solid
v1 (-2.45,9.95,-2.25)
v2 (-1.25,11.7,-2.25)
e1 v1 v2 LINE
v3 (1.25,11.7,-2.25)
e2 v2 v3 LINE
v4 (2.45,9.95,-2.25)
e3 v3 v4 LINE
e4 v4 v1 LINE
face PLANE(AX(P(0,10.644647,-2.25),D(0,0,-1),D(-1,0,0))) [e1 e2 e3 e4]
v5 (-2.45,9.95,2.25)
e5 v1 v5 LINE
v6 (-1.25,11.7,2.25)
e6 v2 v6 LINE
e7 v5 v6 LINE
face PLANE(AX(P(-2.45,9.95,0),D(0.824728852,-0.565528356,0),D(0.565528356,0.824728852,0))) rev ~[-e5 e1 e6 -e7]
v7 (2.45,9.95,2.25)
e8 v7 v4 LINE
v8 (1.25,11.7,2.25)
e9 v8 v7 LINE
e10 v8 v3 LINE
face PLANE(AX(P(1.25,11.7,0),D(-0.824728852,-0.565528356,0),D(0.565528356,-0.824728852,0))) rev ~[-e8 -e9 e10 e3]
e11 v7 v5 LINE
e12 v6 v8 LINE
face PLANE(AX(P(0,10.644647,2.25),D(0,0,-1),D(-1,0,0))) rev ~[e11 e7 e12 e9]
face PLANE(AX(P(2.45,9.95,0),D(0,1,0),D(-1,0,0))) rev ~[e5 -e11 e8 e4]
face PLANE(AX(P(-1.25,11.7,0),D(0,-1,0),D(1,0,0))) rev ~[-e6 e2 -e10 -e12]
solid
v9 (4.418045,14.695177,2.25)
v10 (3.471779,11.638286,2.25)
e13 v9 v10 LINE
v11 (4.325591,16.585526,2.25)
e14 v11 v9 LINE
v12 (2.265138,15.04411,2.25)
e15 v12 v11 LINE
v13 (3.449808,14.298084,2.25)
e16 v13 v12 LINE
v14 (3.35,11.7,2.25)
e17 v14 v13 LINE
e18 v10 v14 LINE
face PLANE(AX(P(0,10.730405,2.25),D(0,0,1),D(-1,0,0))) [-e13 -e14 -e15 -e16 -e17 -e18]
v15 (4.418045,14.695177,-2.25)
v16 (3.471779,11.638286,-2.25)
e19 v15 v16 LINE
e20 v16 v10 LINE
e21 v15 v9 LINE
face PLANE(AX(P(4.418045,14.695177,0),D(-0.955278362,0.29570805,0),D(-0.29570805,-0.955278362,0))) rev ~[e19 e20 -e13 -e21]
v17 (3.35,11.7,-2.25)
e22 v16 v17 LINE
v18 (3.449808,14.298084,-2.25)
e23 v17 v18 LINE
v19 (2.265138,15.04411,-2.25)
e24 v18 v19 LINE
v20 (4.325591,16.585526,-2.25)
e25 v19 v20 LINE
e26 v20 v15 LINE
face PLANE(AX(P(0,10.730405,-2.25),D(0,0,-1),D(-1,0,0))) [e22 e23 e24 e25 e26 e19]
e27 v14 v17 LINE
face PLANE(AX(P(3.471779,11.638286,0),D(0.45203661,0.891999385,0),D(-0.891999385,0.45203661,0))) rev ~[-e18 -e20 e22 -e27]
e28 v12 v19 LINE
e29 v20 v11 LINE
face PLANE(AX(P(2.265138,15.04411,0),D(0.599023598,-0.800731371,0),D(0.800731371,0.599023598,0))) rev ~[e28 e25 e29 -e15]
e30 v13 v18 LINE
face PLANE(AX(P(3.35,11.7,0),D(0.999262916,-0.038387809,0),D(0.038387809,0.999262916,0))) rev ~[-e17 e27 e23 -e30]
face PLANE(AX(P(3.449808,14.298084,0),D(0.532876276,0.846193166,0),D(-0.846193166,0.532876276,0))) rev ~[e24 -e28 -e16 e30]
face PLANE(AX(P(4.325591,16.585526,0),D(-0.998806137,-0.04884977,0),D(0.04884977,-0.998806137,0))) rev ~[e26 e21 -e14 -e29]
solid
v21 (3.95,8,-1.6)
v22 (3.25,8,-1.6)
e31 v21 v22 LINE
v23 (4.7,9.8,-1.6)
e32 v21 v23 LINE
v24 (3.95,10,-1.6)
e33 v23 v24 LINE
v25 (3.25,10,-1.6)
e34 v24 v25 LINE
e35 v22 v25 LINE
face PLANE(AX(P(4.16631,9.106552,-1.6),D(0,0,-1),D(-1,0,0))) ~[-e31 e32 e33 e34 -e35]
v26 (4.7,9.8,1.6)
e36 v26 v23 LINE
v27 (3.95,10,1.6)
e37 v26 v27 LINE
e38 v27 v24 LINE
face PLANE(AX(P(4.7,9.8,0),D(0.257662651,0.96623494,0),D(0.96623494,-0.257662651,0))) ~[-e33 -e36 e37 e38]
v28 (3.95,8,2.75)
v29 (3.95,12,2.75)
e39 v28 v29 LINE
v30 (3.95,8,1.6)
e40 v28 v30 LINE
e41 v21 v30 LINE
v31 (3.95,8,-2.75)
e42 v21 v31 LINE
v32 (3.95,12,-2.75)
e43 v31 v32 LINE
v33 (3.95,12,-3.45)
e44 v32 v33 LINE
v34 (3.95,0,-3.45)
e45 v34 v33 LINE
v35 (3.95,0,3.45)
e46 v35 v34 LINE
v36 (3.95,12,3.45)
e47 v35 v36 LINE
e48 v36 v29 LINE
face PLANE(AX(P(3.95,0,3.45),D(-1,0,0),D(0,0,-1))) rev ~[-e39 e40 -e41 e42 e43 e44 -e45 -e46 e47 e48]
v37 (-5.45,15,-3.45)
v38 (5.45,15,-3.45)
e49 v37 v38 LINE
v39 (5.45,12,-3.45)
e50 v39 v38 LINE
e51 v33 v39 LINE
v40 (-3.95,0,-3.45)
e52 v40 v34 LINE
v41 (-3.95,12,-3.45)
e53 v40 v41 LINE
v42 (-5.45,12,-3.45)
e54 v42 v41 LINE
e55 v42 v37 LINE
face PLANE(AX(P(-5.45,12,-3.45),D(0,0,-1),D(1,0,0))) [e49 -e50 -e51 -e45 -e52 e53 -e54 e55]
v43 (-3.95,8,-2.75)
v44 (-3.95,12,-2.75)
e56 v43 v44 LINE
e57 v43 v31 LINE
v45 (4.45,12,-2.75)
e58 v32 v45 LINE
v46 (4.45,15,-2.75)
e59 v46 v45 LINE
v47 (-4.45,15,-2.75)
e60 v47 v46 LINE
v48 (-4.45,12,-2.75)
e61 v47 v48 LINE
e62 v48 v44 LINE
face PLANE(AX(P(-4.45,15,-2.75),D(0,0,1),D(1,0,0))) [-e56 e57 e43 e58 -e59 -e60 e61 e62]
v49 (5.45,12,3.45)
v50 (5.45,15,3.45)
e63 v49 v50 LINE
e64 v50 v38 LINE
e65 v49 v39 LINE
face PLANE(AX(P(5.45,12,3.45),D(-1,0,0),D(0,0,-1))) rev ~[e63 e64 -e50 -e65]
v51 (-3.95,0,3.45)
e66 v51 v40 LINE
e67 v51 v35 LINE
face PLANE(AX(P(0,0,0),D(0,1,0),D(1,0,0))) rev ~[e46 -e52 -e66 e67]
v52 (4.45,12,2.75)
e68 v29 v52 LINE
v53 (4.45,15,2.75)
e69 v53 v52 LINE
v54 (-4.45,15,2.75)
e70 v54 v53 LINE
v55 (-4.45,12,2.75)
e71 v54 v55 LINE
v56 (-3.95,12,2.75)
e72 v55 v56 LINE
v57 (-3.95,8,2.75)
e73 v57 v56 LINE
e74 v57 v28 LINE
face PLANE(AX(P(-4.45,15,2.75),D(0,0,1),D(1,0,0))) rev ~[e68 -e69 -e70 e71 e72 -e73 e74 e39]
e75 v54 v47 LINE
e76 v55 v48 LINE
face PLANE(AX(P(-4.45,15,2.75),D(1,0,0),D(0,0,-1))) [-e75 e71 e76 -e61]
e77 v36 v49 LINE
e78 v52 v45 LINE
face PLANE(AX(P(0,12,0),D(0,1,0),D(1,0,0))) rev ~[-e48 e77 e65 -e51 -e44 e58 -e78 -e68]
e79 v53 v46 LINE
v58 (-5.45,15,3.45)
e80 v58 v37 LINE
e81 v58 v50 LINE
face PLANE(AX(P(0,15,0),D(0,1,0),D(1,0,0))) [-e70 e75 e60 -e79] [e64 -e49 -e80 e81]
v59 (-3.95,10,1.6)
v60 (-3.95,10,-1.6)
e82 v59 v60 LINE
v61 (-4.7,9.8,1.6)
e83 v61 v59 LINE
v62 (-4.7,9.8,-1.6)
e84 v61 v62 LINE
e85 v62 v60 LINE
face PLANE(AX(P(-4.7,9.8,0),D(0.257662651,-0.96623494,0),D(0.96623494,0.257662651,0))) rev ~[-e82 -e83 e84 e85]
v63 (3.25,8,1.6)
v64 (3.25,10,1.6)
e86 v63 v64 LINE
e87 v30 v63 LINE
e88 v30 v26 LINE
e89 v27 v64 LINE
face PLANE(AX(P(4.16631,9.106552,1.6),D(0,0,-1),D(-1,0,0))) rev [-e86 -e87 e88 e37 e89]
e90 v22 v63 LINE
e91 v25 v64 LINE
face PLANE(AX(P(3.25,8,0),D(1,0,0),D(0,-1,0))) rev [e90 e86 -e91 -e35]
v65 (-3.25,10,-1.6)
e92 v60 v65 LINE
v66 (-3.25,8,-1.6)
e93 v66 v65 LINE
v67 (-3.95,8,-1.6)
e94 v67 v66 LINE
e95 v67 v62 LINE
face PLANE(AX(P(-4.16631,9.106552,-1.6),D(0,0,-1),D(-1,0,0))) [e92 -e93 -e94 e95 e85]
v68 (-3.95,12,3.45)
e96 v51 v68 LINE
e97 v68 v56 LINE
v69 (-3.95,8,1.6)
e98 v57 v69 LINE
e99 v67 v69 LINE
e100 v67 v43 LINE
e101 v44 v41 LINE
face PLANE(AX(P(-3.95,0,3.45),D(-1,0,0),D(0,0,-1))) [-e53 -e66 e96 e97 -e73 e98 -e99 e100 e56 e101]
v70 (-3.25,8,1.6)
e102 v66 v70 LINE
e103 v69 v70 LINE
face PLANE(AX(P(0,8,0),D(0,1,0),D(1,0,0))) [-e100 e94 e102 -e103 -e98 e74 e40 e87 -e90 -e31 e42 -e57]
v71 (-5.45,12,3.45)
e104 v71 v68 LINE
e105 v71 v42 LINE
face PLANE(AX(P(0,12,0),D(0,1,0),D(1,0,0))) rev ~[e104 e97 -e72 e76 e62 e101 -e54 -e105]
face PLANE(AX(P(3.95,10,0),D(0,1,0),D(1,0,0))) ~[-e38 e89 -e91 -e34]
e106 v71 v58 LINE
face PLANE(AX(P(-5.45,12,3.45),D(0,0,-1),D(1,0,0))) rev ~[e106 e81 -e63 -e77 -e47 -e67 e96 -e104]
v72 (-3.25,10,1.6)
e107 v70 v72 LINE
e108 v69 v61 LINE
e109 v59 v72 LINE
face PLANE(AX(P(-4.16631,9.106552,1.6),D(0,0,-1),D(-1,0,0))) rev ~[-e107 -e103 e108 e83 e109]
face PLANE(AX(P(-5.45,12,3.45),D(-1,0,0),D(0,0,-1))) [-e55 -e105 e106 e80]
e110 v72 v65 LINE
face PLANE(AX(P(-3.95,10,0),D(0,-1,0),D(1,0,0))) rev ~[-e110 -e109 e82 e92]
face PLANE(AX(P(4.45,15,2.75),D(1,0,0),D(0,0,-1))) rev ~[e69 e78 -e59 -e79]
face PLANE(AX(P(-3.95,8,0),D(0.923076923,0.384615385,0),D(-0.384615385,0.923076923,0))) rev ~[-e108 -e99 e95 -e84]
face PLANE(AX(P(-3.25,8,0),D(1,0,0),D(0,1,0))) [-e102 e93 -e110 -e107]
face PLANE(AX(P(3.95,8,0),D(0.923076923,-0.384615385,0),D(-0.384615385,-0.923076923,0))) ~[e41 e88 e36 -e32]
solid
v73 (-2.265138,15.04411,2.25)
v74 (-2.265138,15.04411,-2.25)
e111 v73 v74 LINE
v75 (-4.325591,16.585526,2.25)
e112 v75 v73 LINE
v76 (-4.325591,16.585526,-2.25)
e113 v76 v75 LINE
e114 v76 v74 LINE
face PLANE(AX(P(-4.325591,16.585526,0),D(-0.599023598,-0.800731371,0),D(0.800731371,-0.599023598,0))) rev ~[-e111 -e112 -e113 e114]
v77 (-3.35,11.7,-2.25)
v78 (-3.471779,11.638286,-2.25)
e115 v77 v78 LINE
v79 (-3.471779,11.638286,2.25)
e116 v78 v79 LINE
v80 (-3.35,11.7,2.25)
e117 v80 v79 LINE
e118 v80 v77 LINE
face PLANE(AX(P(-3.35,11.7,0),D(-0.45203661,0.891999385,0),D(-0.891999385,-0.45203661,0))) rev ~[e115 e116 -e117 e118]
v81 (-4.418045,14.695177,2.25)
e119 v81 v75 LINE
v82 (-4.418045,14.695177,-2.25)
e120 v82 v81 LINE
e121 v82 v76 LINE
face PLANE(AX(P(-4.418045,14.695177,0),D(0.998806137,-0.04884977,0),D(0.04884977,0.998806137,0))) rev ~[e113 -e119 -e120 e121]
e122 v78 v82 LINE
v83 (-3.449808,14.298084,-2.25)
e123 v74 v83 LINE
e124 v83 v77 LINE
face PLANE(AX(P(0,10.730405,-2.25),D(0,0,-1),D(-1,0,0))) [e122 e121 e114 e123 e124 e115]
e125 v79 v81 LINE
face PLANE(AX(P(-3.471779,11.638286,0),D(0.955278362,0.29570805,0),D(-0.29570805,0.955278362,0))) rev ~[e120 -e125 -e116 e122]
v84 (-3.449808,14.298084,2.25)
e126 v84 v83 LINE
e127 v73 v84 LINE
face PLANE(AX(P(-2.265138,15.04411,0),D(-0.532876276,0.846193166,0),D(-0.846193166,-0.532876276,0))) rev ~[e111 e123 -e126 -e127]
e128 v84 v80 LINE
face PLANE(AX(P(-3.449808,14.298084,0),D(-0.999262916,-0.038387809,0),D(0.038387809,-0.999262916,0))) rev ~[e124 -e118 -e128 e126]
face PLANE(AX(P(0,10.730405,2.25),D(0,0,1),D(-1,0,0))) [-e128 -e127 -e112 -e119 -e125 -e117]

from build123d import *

# Parameters (mm, degrees)
SKETCH1_W                       = 7.9
SKETCH1_H                       = 6.9
BOSS_EXTRUDE1_DEPTH             = 12
SKETCH2_W                       = 10.9
SKETCH2_H                       = 6.9
BOSS_EXTRUDE2_DEPTH             = 3
SKETCH3_W                       = 8.9
SKETCH3_H                       = 5.5
CUT_EXTRUDE1_DEPTH              = 7
SKETCH4_W                       = 0.7
SKETCH4_H                       = 2
BOSS_EXTRUDE3_DEPTH             = 1.6
BOSS_EXTRUDE3_DEPTH_BACK        = 1.6
BOSS_EXTRUDE4_DEPTH             = 2.25
BOSS_EXTRUDE4_DEPTH_BACK        = 2.25
BOSS_EXTRUDE5_REACH             = 18.328
BOSS_EXTRUDE5_DIRECTION_2_REACH = 18.328


with BuildPart() as part:
    # Sketch1 → Boss-Extrude1 (new body)
    with BuildSketch(Plane(origin=(0, 0, 0), x_dir=(1, 0, 0), z_dir=(0, 1, 0))):
        Rectangle(SKETCH1_W, SKETCH1_H)
    extrude(amount=BOSS_EXTRUDE1_DEPTH)

    # Sketch2 → Boss-Extrude2 (add)
    with BuildSketch(Plane(origin=(0, 12, 0), x_dir=(1, 0, 0), z_dir=(0, 1, 0))):
        Rectangle(SKETCH2_W, SKETCH2_H)
    extrude(amount=BOSS_EXTRUDE2_DEPTH)

    # Sketch3 → Cut-Extrude1 (cut)
    with BuildSketch(Plane(origin=(0, 15, 0), x_dir=(1, 0, 0), z_dir=(0, 1, 0))):
        Rectangle(SKETCH3_W, SKETCH3_H)
    extrude(amount=-CUT_EXTRUDE1_DEPTH, mode=Mode.SUBTRACT)

    # Sketch4 → Boss-Extrude3 (add, two sides)
    with BuildSketch(Plane.XY) as boss_extrude3_sk:
        Polygon((-3.95, 10), (-3.95, 8), (-4.7, 9.8), align=None)
        with Locations((-3.6, 9)):
            Rectangle(SKETCH4_W, SKETCH4_H)
    boss_extrude3 = extrude(amount=BOSS_EXTRUDE3_DEPTH)
    boss_extrude3 = boss_extrude3 + extrude(boss_extrude3_sk.sketch, amount=-BOSS_EXTRUDE3_DEPTH_BACK)

    # Mirror1: Boss-Extrude3 across plane
    add(boss_extrude3.mirror(Plane(origin=(0, 0, 0), x_dir=(0, 0, 1), z_dir=(1, 0, 0))))


with BuildPart() as body_2:
    # Sketch5 → Boss-Extrude4 (new, two sides)
    with BuildSketch(Plane.XY) as boss_extrude4_sk:
        Polygon((-1.25, 11.7), (1.25, 11.7), (2.45, 9.95), (-2.45, 9.95), align=None)
    extrude(amount=BOSS_EXTRUDE4_DEPTH)
    extrude(boss_extrude4_sk.sketch, amount=-BOSS_EXTRUDE4_DEPTH_BACK)


with BuildPart() as body_3:

    # Boss-Extrude5: up to this face of the body (flat: up to its plane)
    boss_extrude5_end = Plane(body_2.part.faces().sort_by_distance((0, 10.730405405, 2.25))[0])
    # Sketch6 → Boss-Extrude5 (new, up to the picked face)
    with BuildSketch(Plane.XY, mode=Mode.PRIVATE) as boss_extrude5_sk1:
        Polygon((3.471778858, 11.63828639), (3.35, 11.7), (3.449808304, 14.298083583), (2.265137871, 15.044110369), (4.325591119, 16.585526334), (4.418044618, 14.695177149), align=None)
    boss_extrude5_tool1 = split(extrude(boss_extrude5_sk1.sketch, amount=BOSS_EXTRUDE5_REACH, mode=Mode.PRIVATE), bisect_by=boss_extrude5_end, keep=Keep.BOTH, mode=Mode.PRIVATE)
    # Sketch6 → Boss-Extrude5 (new, up to the picked face)
    with BuildSketch(Plane.XY, mode=Mode.PRIVATE) as boss_extrude5_sk2:
        Polygon((-4.325591119, 16.585526334), (-2.265137871, 15.044110369), (-3.449808304, 14.298083583), (-3.35, 11.7), (-3.471778858, 11.63828639), (-4.418044618, 14.695177149), align=None)
    boss_extrude5_tool2 = split(extrude(boss_extrude5_sk2.sketch, amount=BOSS_EXTRUDE5_REACH, mode=Mode.PRIVATE), bisect_by=boss_extrude5_end, keep=Keep.BOTH, mode=Mode.PRIVATE)
    add(boss_extrude5_tool1.solids().sort_by(Axis((3.652081, 14.612353, 0), (0, 0, 1)))[0])
    add(boss_extrude5_tool2.solids().sort_by(Axis((-3.652081, 14.612353, 0), (0, 0, 1)))[0])


    # Boss-Extrude5 direction 2: up to this face of the body (flat: up to its plane)
    boss_extrude5_direction_2_end = Plane(body_2.part.faces().sort_by_distance((0, 10.730405405, -2.25))[0])
    # Sketch6 → Boss-Extrude5 direction 2 (add, up to the picked face)
    with BuildSketch(Plane.XY, mode=Mode.PRIVATE) as boss_extrude5_direction_2_sk1:
        Polygon((3.471778858, 11.63828639), (3.35, 11.7), (3.449808304, 14.298083583), (2.265137871, 15.044110369), (4.325591119, 16.585526334), (4.418044618, 14.695177149), align=None)
    boss_extrude5_direction_2_tool1 = split(extrude(boss_extrude5_direction_2_sk1.sketch, amount=-BOSS_EXTRUDE5_DIRECTION_2_REACH, mode=Mode.PRIVATE), bisect_by=boss_extrude5_direction_2_end, keep=Keep.BOTH, mode=Mode.PRIVATE)
    # Sketch6 → Boss-Extrude5 direction 2 (add, up to the picked face)
    with BuildSketch(Plane.XY, mode=Mode.PRIVATE) as boss_extrude5_direction_2_sk2:
        Polygon((-4.325591119, 16.585526334), (-2.265137871, 15.044110369), (-3.449808304, 14.298083583), (-3.35, 11.7), (-3.471778858, 11.63828639), (-4.418044618, 14.695177149), align=None)
    boss_extrude5_direction_2_tool2 = split(extrude(boss_extrude5_direction_2_sk2.sketch, amount=-BOSS_EXTRUDE5_DIRECTION_2_REACH, mode=Mode.PRIVATE), bisect_by=boss_extrude5_direction_2_end, keep=Keep.BOTH, mode=Mode.PRIVATE)
    add(boss_extrude5_direction_2_tool1.solids().sort_by(Axis((3.652081, 14.612353, 0), (0, 0, -1)))[0])
    add(boss_extrude5_direction_2_tool2.solids().sort_by(Axis((-3.652081, 14.612353, 0), (0, 0, -1)))[0])


solid = Compound([part.part, body_2.part, body_3.part])
